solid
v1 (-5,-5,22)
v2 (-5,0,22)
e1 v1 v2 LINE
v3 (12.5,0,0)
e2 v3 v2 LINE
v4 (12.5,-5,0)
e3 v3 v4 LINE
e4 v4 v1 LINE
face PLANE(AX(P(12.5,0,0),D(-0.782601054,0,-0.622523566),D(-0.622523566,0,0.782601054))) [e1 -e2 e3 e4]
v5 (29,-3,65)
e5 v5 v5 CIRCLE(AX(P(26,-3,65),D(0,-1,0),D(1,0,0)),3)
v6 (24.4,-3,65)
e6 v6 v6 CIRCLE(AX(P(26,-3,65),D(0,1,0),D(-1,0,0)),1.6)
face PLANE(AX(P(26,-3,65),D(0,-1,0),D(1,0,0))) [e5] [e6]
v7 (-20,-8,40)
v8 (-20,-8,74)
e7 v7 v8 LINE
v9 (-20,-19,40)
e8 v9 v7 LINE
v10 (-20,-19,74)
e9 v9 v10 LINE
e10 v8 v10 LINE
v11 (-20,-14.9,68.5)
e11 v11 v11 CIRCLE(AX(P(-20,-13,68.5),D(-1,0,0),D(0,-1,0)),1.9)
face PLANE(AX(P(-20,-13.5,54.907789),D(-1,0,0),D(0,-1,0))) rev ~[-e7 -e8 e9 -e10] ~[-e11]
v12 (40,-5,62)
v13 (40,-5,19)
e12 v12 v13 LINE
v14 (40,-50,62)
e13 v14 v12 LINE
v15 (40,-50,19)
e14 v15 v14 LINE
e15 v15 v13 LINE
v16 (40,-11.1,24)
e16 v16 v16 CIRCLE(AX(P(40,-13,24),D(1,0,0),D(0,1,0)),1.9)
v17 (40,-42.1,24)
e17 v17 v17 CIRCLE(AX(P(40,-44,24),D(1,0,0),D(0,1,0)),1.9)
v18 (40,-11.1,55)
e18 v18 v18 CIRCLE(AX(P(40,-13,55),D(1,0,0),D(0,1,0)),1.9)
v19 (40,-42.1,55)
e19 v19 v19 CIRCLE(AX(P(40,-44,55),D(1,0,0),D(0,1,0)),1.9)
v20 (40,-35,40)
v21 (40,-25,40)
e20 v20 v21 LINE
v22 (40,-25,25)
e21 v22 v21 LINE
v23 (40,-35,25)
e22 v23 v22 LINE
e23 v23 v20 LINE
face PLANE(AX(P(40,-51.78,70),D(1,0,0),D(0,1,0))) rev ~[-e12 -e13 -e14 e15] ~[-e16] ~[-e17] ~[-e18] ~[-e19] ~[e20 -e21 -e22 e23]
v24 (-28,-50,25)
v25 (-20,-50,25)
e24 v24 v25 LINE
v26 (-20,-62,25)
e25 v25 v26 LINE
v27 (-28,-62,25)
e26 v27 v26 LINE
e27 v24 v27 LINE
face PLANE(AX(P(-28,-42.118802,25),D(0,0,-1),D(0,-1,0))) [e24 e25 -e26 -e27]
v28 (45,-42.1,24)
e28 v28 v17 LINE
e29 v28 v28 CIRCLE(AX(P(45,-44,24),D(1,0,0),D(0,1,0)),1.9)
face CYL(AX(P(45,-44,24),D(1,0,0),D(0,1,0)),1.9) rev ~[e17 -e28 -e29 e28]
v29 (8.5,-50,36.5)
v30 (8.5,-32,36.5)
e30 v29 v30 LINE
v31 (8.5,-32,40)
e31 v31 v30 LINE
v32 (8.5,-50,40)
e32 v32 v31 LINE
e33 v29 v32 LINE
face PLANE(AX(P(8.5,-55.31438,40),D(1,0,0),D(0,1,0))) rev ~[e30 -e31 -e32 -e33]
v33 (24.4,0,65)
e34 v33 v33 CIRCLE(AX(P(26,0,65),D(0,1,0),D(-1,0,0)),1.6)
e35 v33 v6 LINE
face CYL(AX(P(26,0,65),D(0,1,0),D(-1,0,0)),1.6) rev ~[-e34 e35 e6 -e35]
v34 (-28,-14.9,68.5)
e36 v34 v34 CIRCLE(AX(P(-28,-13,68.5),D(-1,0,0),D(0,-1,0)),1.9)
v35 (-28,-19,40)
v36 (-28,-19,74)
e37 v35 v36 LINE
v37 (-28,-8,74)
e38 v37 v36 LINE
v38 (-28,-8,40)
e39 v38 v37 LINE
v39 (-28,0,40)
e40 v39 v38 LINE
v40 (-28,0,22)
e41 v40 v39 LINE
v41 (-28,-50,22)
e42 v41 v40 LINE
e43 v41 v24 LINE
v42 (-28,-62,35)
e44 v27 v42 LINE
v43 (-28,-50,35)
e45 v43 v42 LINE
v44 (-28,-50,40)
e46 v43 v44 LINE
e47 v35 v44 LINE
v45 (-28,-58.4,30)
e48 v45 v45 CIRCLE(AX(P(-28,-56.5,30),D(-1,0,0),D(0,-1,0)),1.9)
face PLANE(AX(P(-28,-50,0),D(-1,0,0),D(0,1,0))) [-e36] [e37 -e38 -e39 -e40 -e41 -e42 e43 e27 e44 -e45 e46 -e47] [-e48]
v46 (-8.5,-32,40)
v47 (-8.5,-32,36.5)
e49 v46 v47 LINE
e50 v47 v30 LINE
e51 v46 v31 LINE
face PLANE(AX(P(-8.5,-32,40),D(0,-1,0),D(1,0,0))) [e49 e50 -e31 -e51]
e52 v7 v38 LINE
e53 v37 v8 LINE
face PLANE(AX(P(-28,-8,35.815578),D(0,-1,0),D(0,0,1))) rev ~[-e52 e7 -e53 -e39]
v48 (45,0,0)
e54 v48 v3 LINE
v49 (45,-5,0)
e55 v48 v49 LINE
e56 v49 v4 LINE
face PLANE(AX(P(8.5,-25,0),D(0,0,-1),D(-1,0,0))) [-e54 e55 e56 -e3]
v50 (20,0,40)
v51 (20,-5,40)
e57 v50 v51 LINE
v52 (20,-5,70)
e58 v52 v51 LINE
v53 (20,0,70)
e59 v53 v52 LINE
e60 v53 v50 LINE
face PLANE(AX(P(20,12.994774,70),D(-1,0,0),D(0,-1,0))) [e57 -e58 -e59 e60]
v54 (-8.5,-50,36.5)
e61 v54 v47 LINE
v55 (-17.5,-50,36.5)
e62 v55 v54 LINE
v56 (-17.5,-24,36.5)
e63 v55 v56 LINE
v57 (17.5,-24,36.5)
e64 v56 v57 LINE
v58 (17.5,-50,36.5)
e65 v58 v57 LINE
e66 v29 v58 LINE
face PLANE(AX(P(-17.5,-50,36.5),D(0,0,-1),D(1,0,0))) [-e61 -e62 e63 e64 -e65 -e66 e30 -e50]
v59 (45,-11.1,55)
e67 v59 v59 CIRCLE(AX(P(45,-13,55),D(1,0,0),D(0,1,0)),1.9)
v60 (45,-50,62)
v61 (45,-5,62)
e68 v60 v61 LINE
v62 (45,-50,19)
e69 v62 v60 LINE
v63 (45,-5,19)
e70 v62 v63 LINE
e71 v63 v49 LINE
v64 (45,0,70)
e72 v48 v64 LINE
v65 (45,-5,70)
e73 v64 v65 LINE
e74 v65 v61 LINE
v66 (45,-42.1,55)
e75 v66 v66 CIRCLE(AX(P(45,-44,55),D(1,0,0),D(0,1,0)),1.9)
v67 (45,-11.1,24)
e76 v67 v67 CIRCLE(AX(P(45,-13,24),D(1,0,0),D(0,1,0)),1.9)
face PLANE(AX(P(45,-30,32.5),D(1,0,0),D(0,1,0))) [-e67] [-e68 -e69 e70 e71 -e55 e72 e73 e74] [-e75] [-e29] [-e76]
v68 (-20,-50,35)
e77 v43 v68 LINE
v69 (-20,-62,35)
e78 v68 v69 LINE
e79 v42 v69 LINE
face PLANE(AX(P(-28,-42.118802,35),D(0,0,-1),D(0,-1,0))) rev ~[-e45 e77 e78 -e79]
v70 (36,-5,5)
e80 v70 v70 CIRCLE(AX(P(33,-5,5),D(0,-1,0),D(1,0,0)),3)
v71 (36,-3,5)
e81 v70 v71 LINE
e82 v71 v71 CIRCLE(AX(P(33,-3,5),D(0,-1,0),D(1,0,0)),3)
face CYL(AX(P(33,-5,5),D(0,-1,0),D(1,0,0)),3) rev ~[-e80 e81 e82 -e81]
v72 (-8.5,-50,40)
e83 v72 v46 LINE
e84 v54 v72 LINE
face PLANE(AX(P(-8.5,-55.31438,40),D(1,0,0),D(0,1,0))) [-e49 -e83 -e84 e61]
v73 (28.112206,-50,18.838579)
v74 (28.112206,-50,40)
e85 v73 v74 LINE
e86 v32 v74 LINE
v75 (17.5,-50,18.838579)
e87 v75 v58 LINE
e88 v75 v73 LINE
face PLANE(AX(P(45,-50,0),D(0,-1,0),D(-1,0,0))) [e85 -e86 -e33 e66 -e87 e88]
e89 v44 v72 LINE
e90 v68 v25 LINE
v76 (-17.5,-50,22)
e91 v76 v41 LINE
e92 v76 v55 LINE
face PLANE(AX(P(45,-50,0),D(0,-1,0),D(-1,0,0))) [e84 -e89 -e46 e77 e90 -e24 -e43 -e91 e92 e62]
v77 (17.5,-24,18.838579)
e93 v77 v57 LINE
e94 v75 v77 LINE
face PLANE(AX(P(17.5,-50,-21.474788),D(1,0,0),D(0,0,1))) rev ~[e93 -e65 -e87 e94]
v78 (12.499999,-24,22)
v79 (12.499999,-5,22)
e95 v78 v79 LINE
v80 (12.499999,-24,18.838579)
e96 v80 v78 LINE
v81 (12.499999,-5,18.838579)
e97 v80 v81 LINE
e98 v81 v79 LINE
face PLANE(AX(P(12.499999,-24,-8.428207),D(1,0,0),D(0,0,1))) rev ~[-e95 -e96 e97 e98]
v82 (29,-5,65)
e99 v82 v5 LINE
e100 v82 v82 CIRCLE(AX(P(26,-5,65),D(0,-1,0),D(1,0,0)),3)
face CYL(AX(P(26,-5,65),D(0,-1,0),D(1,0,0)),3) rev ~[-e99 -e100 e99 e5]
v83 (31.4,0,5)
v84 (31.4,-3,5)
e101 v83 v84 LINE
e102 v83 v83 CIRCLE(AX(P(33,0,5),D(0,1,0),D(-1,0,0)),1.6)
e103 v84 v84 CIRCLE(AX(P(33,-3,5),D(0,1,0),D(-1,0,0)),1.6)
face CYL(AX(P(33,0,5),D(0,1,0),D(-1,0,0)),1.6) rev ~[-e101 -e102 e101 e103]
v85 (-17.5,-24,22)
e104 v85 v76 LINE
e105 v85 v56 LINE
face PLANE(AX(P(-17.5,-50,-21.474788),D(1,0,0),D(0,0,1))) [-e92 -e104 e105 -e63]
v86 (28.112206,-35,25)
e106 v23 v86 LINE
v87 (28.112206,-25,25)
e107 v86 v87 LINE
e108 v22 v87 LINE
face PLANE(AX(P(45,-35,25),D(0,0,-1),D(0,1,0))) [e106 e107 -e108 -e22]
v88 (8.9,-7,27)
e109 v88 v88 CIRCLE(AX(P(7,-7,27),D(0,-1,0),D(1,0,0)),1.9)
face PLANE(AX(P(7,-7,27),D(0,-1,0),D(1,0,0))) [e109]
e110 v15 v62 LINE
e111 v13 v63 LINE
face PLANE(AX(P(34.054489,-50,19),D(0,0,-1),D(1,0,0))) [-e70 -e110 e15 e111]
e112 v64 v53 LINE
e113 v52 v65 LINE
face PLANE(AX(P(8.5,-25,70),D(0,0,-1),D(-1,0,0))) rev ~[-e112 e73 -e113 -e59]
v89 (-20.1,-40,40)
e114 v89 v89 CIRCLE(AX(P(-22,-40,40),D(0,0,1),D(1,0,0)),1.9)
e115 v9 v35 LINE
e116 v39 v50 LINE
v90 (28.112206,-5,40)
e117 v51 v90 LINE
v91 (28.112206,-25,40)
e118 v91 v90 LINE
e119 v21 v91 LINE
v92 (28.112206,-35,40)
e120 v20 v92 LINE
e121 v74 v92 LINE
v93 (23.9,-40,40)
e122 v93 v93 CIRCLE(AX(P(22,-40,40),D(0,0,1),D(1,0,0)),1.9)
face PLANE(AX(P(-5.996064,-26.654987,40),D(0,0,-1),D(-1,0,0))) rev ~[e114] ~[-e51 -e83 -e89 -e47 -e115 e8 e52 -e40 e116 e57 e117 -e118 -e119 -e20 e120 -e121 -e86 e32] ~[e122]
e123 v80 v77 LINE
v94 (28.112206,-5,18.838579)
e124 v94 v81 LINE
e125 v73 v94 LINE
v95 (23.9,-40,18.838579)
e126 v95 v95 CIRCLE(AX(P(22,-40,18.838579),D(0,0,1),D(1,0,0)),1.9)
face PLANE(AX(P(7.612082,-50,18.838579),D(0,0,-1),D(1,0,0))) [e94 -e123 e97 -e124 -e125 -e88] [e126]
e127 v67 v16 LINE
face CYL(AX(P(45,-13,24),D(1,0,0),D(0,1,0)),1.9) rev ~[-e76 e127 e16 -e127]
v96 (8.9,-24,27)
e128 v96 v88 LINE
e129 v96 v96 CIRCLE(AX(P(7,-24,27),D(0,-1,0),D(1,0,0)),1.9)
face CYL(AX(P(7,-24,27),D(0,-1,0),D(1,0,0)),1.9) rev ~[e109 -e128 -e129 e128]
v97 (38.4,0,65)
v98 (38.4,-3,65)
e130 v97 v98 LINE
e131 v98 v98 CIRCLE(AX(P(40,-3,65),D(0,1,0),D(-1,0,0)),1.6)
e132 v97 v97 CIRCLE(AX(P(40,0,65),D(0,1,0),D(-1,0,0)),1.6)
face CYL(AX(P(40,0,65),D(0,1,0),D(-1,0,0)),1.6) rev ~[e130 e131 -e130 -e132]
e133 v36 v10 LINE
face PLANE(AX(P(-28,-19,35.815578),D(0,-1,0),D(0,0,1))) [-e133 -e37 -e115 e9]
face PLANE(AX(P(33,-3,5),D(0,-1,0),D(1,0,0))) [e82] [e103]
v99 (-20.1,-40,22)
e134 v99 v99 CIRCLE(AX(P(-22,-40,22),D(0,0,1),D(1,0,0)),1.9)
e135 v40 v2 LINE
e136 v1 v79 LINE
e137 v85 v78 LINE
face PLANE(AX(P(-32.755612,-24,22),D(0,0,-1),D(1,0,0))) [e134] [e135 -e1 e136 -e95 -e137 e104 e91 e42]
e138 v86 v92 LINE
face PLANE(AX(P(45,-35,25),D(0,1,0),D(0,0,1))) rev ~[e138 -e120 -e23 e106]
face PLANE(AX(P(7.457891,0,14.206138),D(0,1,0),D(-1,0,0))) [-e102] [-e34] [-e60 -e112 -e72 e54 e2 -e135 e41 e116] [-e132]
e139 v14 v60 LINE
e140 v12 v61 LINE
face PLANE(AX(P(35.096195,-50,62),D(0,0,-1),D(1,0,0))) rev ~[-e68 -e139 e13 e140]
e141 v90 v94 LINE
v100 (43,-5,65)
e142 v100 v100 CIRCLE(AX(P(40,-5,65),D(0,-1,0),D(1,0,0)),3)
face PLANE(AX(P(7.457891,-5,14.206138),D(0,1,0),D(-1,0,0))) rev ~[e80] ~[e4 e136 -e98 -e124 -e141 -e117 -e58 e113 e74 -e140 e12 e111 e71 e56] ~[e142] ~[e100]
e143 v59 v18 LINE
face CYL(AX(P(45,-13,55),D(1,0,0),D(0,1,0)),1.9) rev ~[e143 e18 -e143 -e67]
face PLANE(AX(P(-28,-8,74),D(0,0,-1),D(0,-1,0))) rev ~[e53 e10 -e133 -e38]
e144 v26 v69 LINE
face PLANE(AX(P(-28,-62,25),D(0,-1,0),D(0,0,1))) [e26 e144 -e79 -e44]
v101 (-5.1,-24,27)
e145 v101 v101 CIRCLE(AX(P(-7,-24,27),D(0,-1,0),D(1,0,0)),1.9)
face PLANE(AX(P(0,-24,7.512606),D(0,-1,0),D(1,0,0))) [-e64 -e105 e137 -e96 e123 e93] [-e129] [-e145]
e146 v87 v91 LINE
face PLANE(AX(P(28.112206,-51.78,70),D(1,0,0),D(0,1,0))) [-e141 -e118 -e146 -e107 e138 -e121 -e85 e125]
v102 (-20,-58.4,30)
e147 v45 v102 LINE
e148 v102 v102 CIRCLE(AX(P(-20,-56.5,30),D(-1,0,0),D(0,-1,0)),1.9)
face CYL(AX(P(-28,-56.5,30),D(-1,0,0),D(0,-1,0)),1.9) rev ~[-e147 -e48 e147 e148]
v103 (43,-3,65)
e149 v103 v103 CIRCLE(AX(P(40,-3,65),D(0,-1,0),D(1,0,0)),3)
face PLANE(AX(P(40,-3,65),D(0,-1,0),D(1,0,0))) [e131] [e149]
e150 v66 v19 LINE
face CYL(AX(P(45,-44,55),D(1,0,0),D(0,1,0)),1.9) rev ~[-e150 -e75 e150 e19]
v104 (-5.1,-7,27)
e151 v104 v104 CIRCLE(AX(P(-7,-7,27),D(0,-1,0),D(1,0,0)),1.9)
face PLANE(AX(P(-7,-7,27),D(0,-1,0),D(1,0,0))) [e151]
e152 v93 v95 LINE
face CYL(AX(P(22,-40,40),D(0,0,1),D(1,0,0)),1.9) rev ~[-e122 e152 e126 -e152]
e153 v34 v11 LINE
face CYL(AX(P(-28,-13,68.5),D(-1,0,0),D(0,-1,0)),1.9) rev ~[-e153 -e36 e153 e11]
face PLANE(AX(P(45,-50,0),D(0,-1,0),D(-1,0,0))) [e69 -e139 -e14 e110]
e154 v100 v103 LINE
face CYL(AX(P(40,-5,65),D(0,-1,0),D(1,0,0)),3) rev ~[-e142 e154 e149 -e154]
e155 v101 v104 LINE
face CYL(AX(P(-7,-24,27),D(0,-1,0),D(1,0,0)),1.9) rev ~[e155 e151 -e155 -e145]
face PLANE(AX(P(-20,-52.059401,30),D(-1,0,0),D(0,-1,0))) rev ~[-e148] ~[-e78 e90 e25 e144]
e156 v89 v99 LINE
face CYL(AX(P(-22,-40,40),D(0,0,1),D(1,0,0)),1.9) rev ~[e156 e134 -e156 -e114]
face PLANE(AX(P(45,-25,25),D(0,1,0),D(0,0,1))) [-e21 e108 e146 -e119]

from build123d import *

# Parameters (mm, degrees)
PAD_DEPTH            = 70
SKETCH001_W          = 11.887794
SKETCH001_H          = 46.78
POCKET_DEPTH         = 70.001
POCKET001_DEPTH      = 30
SKETCH003_R          = 1.9
POCKET002_DEPTH      = 40.001
SKETCH004_W          = 17
SKETCH004_H          = 23.314381
POCKET003_DEPTH      = 40.001
SKETCH005_W          = 35
SKETCH005_H          = 57.974789
POCKET004_DEPTH      = 26
SKETCH006_W          = 45.255611
SKETCH006_H          = 30.428207
POCKET005_DEPTH      = 28
POCKET005_DEPTH_BACK = -100
SKETCH007_W          = 26.242121
SKETCH007_H          = 29.741062
POCKET006_DEPTH      = 45
SKETCH008_W          = 15.625622
SKETCH008_H          = 14.392597
SKETCH008_W_2        = 24.610352
SKETCH008_H_2        = 31.67345
POCKET007_DEPTH      = 45
SKETCH009_R          = 1.9
POCKET008_DEPTH      = 13
SKETCH010_R          = 1.6
POCKET009_DEPTH      = 5
SKETCH014_W          = 10
SKETCH014_H          = 15
PAD001_DEPTH         = 23
SKETCH015_W          = 11
SKETCH015_H          = 38.184422
SKETCH015_W_2        = 19.881198
SKETCH015_H_2        = 10
PAD002_DEPTH         = 8
SKETCH013_R          = 1.9
POCKET010_DEPTH      = 17
SKETCH011_R          = 1.9
POCKET011_DEPTH      = 15
PAD003_DEPTH         = 5
SKETCH017_R          = 3
POCKET012_DEPTH      = 2


with BuildPart() as part:
    # Sketch → Pad (new body)
    with BuildSketch(Plane.XY):
        Polygon((0, 0), (45, 0), (45, -50), (-28, -50), (-28, 0), align=None)
    extrude(amount=PAD_DEPTH)

    # Sketch001 (on Face7 of Pad) → Pocket (cut, through all)
    with BuildSketch(Plane.XY.offset(70)):
        with Locations((34.056103, -28.39)):
            Rectangle(SKETCH001_W, SKETCH001_H)
    extrude(amount=-POCKET_DEPTH, mode=Mode.SUBTRACT)

    # Sketch002 (on Face5 of Pocket) → Pocket001 (cut)
    with BuildSketch(Plane.XY.offset(70)):
        Polygon((30, -5), (30, -65.096024), (-40.783405, -65.096024), (-40.783405, 12.994774), (20, 12.994774), (20, -5), align=None)
    extrude(amount=-POCKET001_DEPTH, mode=Mode.SUBTRACT)

    # Sketch003 (on Face6 of Pocket001) → Pocket002 (cut, through all)
    with BuildSketch(Plane.XY.offset(40)):
        with Locations((-22, -40)):
            Circle(SKETCH003_R)
        with Locations((22, -40)):
            Circle(SKETCH003_R)
    extrude(amount=-POCKET002_DEPTH, mode=Mode.SUBTRACT)

    # Sketch004 (on Face6 of Pocket002) → Pocket003 (cut, through all)
    with BuildSketch(Plane.XY.offset(40)):
        with Locations((0, -43.65719)):
            Rectangle(SKETCH004_W, SKETCH004_H)
    extrude(amount=-POCKET003_DEPTH, mode=Mode.SUBTRACT)

    # Sketch005 (on Face13 of Pocket003) → Pocket004 (cut)
    with BuildSketch(Plane.XZ.offset(50)):
        with Locations((0, 7.512606)):
            Rectangle(SKETCH005_W, SKETCH005_H)
    extrude(amount=-POCKET004_DEPTH, mode=Mode.SUBTRACT)

    # Sketch006 (on Face11 of Pocket004) → Pocket005 (cut, two sides)
    with BuildSketch(Plane.XZ.offset(24)) as pocket005_sk:
        with Locations((-10.127806, 6.785896)):
            Rectangle(SKETCH006_W, SKETCH006_H)
    extrude(amount=-POCKET005_DEPTH, mode=Mode.SUBTRACT)
    extrude(pocket005_sk.sketch, amount=-POCKET005_DEPTH_BACK, mode=Mode.SUBTRACT)

    # Sketch007 (on Face12 of Pocket005) → Pocket006 (cut)
    with BuildSketch(Plane.XZ.offset(50)):
        with Locations((20.733142, 3.968048)):
            Rectangle(SKETCH007_W, SKETCH007_H)
    extrude(amount=-POCKET006_DEPTH, mode=Mode.SUBTRACT)

    # Sketch008 (on Face14 of Pocket006) → Pocket007 (cut)
    with BuildSketch(Plane.XZ.offset(50)):
        with Locations((42.909006, 69.196298)):
            Rectangle(SKETCH008_W, SKETCH008_H)
        with Locations((46.359665, 3.163275)):
            Rectangle(SKETCH008_W_2, SKETCH008_H_2)
    extrude(amount=-POCKET007_DEPTH, mode=Mode.SUBTRACT)

    # Sketch009 (on Face3 of Pocket007) → Pocket008 (cut)
    with BuildSketch(Plane.YZ.offset(45)):
        with Locations((-44, 55)):
            Circle(SKETCH009_R)
        with Locations((-13, 24)):
            Circle(SKETCH009_R)
        with Locations((-13, 55)):
            Circle(SKETCH009_R)
        with Locations((-44, 24)):
            Circle(SKETCH009_R)
    extrude(amount=-POCKET008_DEPTH, mode=Mode.SUBTRACT)

    # Sketch010 (on Face1 of Pocket008) → Pocket009 (cut)
    with BuildSketch(Plane(origin=(0, 0, 0), x_dir=(-1, 0, 0), z_dir=(0, 1, 0))):
        with Locations((-33, 5)):
            Circle(SKETCH010_R)
        with Locations((-40, 65)):
            Circle(SKETCH010_R)
        with Locations((-26, 65)):
            Circle(SKETCH010_R)
    extrude(amount=-POCKET009_DEPTH, mode=Mode.SUBTRACT)

    # Sketch014 (on Face4 of Pocket009) → Pad001 (join)
    with BuildSketch(Plane.YZ.offset(45)):
        with Locations((-30, 32.5)):
            Rectangle(SKETCH014_W, SKETCH014_H)
    extrude(amount=-PAD001_DEPTH)

    # Sketch015 (on Face29 of Pad001) → Pad002 (join)
    with BuildSketch(Plane(origin=(-28, 0, 0), x_dir=(0, -1, 0), z_dir=(-1, 0, 0))):
        with Locations((13.5, 54.907789)):
            Rectangle(SKETCH015_W, SKETCH015_H)
        with Locations((52.059401, 30)):
            Rectangle(SKETCH015_W_2, SKETCH015_H_2)
    extrude(amount=-PAD002_DEPTH)

    # Sketch013 (on Face19 of Pad002) → Pocket010 (cut)
    with BuildSketch(Plane.XZ.offset(24)):
        with Locations((-7, 27)):
            Circle(SKETCH013_R)
        with Locations((7, 27)):
            Circle(SKETCH013_R)
    extrude(amount=-POCKET010_DEPTH, mode=Mode.SUBTRACT)

    # Sketch011 (on Face29 of Pad002) → Pocket011 (cut)
    with BuildSketch(Plane(origin=(-28, 0, 0), x_dir=(0, -1, 0), z_dir=(-1, 0, 0))):
        with Locations((56.5, 30)):
            Circle(SKETCH011_R)
        with Locations((13, 68.5)):
            Circle(SKETCH011_R)
    extrude(amount=-POCKET011_DEPTH, mode=Mode.SUBTRACT)

    # Sketch016 (on Face1 of Pocket011) → Pad003 (join)
    with BuildSketch(Plane(origin=(0, 0, 0), x_dir=(-1, 0, 0), z_dir=(0, 1, 0))):
        Polygon((-12.5, 0), (5, 22), (-15.71, 22), align=None)
    extrude(amount=-PAD003_DEPTH)

    # Sketch017 (on Face28 of Pad003) → Pocket012 (cut)
    with BuildSketch(Plane.XZ.offset(5)):
        with Locations((26, 65)):
            Circle(SKETCH017_R)
        with Locations((33, 5)):
            Circle(SKETCH017_R)
        with Locations((40, 65)):
            Circle(SKETCH017_R)
    extrude(amount=-POCKET012_DEPTH, mode=Mode.SUBTRACT)


solid = part.part
